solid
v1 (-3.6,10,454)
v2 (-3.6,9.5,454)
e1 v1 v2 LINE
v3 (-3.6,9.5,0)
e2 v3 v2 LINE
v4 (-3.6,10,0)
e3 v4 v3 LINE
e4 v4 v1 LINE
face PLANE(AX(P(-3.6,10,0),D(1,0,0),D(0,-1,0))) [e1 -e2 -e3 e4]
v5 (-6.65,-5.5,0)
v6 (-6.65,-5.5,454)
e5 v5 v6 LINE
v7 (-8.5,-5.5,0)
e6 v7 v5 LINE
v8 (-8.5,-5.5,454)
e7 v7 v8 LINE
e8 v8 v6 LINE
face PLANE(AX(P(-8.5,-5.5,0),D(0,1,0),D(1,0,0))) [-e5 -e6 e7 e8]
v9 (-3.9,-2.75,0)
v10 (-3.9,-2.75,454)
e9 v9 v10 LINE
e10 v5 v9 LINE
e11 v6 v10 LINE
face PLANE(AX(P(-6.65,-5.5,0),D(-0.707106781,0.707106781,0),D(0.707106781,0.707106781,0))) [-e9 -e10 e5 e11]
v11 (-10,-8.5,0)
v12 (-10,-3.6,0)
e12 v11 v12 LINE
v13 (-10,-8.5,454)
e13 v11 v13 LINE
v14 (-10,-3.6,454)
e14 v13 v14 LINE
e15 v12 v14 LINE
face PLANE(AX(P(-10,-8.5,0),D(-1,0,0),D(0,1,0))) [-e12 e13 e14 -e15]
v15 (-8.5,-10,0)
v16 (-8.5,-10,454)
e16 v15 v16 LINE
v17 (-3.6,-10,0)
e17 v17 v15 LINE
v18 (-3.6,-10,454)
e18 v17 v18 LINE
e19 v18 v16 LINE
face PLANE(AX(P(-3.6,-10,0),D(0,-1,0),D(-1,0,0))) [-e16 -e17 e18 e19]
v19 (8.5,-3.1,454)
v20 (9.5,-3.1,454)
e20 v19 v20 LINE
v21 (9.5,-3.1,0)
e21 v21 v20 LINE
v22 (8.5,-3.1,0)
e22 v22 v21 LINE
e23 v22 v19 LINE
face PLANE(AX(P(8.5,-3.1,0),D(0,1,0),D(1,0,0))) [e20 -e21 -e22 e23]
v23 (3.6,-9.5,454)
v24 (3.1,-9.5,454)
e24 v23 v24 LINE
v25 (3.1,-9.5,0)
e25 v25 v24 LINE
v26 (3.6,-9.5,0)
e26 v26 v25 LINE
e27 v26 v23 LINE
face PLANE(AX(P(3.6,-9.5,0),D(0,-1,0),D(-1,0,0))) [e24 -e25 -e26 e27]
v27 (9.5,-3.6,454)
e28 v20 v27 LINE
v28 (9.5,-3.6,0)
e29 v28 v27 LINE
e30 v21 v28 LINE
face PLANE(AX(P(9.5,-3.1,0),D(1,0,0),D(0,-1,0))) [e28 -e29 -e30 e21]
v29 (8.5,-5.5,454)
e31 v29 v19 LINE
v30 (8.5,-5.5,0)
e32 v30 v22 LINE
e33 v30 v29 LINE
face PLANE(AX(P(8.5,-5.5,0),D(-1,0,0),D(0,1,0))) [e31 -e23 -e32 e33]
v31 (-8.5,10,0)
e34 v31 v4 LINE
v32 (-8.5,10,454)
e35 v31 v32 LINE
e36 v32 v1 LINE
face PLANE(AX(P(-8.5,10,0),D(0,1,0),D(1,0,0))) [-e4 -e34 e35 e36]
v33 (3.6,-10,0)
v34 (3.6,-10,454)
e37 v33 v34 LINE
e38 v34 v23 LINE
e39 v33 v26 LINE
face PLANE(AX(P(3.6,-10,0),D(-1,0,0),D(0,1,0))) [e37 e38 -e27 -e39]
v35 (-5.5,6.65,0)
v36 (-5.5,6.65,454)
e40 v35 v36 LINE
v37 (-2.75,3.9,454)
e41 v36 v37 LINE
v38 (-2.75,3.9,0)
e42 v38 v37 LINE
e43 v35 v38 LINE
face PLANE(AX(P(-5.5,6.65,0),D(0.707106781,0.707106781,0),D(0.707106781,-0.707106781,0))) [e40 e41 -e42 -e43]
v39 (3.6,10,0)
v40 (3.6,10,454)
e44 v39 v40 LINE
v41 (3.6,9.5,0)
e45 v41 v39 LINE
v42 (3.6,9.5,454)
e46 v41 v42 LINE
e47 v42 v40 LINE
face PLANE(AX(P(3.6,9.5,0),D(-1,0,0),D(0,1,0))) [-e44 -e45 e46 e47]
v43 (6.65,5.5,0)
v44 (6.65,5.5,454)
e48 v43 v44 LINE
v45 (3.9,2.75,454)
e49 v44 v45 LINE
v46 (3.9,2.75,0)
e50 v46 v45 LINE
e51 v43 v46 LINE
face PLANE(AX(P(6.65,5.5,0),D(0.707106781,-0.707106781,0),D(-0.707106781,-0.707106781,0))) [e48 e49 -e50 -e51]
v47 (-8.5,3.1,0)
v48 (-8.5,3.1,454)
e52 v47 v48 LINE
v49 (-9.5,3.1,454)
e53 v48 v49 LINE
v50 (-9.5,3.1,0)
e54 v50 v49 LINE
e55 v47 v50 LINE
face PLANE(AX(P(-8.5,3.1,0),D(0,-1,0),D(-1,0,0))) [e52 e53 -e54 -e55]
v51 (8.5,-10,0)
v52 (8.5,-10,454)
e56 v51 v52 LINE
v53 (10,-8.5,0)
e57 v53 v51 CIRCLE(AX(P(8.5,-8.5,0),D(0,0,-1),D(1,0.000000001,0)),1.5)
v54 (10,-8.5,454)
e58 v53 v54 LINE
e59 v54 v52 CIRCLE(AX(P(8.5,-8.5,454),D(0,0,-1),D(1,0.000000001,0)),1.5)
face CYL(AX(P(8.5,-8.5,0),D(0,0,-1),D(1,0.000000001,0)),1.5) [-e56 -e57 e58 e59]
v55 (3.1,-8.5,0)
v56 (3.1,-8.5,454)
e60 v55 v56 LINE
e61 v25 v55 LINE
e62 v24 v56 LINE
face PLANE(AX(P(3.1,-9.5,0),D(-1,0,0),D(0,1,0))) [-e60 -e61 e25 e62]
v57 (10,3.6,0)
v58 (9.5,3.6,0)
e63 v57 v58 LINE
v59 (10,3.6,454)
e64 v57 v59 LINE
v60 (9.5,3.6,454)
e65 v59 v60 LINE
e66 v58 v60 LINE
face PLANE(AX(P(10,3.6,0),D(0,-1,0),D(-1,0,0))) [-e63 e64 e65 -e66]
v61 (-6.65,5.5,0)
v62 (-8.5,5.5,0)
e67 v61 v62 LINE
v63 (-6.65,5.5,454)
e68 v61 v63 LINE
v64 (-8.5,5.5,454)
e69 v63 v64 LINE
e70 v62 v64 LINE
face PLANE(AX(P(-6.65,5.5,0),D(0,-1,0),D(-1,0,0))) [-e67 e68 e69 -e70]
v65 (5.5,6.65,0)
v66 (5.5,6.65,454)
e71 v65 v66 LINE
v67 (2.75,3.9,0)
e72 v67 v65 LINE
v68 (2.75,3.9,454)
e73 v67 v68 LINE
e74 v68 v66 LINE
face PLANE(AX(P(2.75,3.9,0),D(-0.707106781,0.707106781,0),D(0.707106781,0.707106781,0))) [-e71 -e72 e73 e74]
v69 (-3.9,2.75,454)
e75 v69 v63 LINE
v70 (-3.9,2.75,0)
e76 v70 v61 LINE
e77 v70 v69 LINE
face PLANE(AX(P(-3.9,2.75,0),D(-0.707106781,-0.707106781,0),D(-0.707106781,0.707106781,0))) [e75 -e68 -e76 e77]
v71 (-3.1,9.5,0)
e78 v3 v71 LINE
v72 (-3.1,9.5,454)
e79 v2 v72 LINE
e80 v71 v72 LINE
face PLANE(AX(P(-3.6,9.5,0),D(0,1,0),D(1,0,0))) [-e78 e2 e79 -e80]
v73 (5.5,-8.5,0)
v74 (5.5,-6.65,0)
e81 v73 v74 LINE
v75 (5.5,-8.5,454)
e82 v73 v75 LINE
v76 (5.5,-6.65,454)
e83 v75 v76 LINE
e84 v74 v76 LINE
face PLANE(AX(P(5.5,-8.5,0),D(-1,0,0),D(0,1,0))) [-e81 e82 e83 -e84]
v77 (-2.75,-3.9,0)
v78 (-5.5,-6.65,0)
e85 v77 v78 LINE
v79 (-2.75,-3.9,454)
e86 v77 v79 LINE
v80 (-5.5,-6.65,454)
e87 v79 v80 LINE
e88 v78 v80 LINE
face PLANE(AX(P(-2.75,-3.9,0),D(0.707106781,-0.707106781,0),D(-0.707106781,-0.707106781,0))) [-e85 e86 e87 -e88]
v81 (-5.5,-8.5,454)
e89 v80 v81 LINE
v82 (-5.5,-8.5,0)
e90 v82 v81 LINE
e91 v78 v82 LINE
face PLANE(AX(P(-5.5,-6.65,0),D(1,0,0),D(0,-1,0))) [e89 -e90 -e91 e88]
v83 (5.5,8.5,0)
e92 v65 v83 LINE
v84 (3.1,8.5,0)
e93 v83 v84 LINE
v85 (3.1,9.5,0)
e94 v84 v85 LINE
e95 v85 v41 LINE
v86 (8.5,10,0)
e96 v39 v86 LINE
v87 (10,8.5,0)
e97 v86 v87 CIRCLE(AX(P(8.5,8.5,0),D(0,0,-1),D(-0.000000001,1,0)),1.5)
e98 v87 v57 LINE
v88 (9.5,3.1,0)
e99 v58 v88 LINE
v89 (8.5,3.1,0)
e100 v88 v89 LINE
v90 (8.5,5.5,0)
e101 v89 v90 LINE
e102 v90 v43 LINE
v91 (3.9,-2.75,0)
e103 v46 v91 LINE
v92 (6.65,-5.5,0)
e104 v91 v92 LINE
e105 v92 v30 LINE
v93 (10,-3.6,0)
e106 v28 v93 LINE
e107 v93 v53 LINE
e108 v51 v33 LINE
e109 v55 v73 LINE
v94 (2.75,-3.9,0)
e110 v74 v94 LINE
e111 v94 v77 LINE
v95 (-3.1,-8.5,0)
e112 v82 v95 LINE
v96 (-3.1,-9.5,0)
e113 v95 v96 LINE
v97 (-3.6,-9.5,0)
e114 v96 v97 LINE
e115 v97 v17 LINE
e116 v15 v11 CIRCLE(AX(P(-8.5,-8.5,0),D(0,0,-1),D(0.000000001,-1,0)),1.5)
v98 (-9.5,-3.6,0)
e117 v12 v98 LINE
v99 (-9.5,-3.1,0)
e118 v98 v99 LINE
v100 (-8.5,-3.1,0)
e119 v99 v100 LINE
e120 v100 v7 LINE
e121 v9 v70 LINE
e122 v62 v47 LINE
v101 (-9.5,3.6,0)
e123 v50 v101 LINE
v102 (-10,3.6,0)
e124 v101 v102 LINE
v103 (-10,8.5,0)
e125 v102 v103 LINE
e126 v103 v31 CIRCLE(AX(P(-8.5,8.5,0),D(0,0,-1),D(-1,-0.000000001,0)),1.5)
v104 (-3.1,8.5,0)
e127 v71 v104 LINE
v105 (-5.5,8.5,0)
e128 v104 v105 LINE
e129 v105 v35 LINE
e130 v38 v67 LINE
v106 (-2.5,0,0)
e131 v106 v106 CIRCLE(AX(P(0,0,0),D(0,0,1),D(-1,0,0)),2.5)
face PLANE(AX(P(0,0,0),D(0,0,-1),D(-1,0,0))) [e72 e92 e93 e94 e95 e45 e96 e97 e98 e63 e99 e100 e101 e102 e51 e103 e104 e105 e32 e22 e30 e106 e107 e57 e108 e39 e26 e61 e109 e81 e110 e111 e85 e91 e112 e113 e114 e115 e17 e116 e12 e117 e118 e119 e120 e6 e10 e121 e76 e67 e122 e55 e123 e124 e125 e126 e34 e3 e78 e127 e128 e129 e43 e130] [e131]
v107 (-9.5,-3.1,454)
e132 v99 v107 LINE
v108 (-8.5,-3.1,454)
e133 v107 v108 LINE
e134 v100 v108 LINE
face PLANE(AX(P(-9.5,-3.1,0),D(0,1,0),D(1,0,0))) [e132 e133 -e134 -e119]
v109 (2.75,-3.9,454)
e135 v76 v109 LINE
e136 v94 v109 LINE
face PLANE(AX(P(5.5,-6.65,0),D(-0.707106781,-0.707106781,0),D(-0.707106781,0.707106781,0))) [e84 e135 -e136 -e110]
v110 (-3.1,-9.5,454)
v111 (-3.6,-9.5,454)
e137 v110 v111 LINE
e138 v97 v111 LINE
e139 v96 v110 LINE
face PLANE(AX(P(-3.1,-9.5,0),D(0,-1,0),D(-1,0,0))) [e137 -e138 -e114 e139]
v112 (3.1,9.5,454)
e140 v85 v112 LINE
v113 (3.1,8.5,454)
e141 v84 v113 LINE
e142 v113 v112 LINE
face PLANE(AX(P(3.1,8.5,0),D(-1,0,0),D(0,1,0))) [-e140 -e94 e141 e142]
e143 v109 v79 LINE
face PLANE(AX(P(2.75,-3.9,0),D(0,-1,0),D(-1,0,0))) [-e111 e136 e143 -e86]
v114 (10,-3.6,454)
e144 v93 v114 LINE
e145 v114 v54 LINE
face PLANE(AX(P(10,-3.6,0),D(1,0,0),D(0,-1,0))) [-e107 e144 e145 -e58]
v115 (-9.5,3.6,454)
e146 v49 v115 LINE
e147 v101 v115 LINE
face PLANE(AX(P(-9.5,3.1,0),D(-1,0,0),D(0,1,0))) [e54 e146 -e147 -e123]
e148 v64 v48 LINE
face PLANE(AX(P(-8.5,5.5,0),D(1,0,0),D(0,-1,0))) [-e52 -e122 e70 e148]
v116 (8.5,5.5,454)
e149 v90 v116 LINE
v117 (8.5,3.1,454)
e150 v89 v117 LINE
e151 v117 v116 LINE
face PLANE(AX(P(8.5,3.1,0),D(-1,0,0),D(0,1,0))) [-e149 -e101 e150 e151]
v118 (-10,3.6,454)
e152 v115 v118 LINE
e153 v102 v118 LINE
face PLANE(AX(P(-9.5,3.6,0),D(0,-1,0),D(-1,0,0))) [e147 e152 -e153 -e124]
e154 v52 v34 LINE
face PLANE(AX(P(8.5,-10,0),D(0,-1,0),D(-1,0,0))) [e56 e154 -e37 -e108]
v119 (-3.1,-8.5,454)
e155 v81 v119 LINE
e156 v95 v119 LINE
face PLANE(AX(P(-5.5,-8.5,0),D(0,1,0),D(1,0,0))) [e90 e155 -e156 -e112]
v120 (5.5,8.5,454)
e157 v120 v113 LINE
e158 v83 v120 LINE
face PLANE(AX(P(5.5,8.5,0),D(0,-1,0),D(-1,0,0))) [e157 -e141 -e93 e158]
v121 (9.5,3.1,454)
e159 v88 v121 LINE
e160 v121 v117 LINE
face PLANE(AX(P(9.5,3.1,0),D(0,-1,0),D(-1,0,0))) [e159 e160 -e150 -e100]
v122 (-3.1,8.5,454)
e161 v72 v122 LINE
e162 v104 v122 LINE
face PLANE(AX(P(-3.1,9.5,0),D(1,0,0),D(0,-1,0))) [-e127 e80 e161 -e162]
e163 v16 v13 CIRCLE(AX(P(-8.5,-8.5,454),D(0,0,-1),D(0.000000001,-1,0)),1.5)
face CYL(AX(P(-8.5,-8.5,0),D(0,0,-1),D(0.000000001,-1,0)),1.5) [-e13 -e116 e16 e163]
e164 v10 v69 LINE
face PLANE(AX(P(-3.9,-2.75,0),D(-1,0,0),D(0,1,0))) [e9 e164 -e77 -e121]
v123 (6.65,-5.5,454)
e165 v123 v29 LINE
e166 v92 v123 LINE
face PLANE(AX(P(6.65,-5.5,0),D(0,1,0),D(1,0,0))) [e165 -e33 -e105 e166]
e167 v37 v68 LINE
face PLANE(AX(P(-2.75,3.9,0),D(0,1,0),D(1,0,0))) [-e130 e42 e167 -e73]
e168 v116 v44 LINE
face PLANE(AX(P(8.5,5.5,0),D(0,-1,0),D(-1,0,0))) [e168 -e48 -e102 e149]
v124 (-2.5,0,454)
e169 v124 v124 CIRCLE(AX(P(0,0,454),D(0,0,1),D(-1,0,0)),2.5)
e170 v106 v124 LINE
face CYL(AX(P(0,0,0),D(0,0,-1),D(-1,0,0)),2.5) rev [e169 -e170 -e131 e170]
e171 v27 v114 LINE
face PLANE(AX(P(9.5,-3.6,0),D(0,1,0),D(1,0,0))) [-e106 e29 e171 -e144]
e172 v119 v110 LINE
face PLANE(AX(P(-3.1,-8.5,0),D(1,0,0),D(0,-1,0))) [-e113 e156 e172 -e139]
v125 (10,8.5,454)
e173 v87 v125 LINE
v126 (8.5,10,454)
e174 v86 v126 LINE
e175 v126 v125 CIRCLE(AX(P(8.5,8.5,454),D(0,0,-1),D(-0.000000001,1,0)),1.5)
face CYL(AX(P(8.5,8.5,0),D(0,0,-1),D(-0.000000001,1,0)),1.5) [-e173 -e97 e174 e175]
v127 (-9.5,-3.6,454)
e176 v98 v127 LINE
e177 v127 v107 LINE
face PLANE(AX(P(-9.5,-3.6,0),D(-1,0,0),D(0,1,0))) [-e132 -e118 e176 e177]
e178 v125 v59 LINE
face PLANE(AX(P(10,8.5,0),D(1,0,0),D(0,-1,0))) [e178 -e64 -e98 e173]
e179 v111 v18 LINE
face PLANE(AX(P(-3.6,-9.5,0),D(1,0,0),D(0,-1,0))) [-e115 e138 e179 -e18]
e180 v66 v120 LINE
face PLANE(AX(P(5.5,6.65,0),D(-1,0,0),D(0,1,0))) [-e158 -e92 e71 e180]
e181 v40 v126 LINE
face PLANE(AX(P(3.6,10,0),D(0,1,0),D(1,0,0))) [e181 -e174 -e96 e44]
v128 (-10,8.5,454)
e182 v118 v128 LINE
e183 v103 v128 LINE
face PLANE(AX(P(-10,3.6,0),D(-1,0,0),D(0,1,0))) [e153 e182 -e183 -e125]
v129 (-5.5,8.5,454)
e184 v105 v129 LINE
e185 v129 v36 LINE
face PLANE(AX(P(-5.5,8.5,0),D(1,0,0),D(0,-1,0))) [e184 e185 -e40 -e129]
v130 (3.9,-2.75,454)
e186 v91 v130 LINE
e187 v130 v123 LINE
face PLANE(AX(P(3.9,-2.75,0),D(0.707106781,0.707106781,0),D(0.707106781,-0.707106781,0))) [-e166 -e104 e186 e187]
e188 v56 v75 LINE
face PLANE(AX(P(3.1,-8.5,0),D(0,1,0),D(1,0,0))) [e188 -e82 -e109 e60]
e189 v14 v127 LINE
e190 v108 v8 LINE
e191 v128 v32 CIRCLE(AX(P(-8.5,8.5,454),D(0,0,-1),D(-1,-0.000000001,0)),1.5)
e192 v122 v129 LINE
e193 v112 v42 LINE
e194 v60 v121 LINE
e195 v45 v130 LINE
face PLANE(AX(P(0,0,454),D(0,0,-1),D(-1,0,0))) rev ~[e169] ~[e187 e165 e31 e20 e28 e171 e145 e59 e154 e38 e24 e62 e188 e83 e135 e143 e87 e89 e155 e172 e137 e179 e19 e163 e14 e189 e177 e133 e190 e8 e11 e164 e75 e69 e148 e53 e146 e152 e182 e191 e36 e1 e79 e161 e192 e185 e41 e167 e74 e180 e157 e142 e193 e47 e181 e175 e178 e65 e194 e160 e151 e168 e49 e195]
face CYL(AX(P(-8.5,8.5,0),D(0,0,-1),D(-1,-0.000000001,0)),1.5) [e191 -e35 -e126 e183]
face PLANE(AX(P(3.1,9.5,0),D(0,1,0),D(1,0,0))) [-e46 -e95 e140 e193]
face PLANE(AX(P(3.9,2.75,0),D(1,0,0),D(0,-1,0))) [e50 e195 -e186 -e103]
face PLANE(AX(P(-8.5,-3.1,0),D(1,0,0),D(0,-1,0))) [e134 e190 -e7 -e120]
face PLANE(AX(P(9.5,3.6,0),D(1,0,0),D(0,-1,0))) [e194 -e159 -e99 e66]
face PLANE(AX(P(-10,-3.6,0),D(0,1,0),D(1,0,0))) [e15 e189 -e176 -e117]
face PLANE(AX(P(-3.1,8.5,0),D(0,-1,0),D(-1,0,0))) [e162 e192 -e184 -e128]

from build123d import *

# Parameters (mm, degrees)
SKETCH1_R       = 2.5
EXTRUDE_1_DEPTH = 454


with BuildPart() as part:
    # Sketch1 → 凸台-拉伸1 (new body)
    with BuildSketch(Plane.XY):
        with BuildLine():
            Line((-3.6, 10), (-3.6, 9.5))
            Line((-3.6, 9.5), (-3.1, 9.5))
            Line((-3.1, 9.5), (-3.1, 8.5))
            Line((-3.1, 8.5), (-5.5, 8.5))
            Line((-5.5, 8.5), (-5.5, 6.65))
            Line((-5.5, 6.65), (-2.75, 3.9))
            Line((-2.75, 3.9), (2.75, 3.9))
            Line((2.75, 3.9), (5.5, 6.65))
            Line((5.5, 6.65), (5.5, 8.5))
            Line((5.5, 8.5), (3.1, 8.5))
            Line((3.1, 8.5), (3.1, 9.5))
            Line((3.1, 9.5), (3.6, 9.5))
            Line((3.6, 9.5), (3.6, 10))
            Line((3.6, 10), (8.5, 10))
            ThreePointArc((8.5, 10), (9.560660172, 9.560660172), (10, 8.5))
            Line((10, 8.5), (10, 3.6))
            Line((10, 3.6), (9.5, 3.6))
            Line((9.5, 3.6), (9.5, 3.1))
            Line((9.5, 3.1), (8.5, 3.1))
            Line((8.5, 3.1), (8.5, 5.5))
            Line((8.5, 5.5), (6.65, 5.5))
            Line((6.65, 5.5), (3.9, 2.75))
            Line((3.9, 2.75), (3.9, -2.75))
            Line((3.9, -2.75), (6.65, -5.5))
            Line((6.65, -5.5), (8.5, -5.5))
            Line((8.5, -5.5), (8.5, -3.1))
            Line((8.5, -3.1), (9.5, -3.1))
            Line((9.5, -3.1), (9.5, -3.6))
            Line((9.5, -3.6), (10, -3.6))
            Line((10, -3.6), (10, -8.5))
            ThreePointArc((10, -8.5), (9.560660172, -9.560660172), (8.5, -10))
            Line((8.5, -10), (3.6, -10))
            Line((3.6, -10), (3.6, -9.5))
            Line((3.6, -9.5), (3.1, -9.5))
            Line((3.1, -9.5), (3.1, -8.5))
            Line((3.1, -8.5), (5.5, -8.5))
            Line((5.5, -8.5), (5.5, -6.65))
            Line((5.5, -6.65), (2.75, -3.9))
            Line((2.75, -3.9), (-2.75, -3.9))
            Line((-2.75, -3.9), (-5.5, -6.65))
            Line((-5.5, -6.65), (-5.5, -8.5))
            Line((-5.5, -8.5), (-3.1, -8.5))
            Line((-3.1, -8.5), (-3.1, -9.5))
            Line((-3.1, -9.5), (-3.6, -9.5))
            Line((-3.6, -9.5), (-3.6, -10))
            Line((-3.6, -10), (-8.5, -10))
            ThreePointArc((-8.5, -10), (-9.560660172, -9.560660172), (-10, -8.5))
            Line((-10, -8.5), (-10, -3.6))
            Line((-10, -3.6), (-9.5, -3.6))
            Line((-9.5, -3.6), (-9.5, -3.1))
            Line((-9.5, -3.1), (-8.5, -3.1))
            Line((-8.5, -3.1), (-8.5, -5.5))
            Line((-8.5, -5.5), (-6.65, -5.5))
            Line((-6.65, -5.5), (-3.9, -2.75))
            Line((-3.9, -2.75), (-3.9, 2.75))
            Line((-3.9, 2.75), (-6.65, 5.5))
            Line((-6.65, 5.5), (-8.5, 5.5))
            Line((-8.5, 5.5), (-8.5, 3.1))
            Line((-8.5, 3.1), (-9.5, 3.1))
            Line((-9.5, 3.1), (-9.5, 3.6))
            Line((-9.5, 3.6), (-10, 3.6))
            Line((-10, 3.6), (-10, 8.5))
            ThreePointArc((-10, 8.5), (-9.560660172, 9.560660172), (-8.5, 10))
            Line((-8.5, 10), (-3.6, 10))
        make_face()
        with Locations(Location((0, 0, 0), (0, 0, 180))):
            Circle(SKETCH1_R, mode=Mode.SUBTRACT)
    extrude(amount=EXTRUDE_1_DEPTH)


solid = part.part
